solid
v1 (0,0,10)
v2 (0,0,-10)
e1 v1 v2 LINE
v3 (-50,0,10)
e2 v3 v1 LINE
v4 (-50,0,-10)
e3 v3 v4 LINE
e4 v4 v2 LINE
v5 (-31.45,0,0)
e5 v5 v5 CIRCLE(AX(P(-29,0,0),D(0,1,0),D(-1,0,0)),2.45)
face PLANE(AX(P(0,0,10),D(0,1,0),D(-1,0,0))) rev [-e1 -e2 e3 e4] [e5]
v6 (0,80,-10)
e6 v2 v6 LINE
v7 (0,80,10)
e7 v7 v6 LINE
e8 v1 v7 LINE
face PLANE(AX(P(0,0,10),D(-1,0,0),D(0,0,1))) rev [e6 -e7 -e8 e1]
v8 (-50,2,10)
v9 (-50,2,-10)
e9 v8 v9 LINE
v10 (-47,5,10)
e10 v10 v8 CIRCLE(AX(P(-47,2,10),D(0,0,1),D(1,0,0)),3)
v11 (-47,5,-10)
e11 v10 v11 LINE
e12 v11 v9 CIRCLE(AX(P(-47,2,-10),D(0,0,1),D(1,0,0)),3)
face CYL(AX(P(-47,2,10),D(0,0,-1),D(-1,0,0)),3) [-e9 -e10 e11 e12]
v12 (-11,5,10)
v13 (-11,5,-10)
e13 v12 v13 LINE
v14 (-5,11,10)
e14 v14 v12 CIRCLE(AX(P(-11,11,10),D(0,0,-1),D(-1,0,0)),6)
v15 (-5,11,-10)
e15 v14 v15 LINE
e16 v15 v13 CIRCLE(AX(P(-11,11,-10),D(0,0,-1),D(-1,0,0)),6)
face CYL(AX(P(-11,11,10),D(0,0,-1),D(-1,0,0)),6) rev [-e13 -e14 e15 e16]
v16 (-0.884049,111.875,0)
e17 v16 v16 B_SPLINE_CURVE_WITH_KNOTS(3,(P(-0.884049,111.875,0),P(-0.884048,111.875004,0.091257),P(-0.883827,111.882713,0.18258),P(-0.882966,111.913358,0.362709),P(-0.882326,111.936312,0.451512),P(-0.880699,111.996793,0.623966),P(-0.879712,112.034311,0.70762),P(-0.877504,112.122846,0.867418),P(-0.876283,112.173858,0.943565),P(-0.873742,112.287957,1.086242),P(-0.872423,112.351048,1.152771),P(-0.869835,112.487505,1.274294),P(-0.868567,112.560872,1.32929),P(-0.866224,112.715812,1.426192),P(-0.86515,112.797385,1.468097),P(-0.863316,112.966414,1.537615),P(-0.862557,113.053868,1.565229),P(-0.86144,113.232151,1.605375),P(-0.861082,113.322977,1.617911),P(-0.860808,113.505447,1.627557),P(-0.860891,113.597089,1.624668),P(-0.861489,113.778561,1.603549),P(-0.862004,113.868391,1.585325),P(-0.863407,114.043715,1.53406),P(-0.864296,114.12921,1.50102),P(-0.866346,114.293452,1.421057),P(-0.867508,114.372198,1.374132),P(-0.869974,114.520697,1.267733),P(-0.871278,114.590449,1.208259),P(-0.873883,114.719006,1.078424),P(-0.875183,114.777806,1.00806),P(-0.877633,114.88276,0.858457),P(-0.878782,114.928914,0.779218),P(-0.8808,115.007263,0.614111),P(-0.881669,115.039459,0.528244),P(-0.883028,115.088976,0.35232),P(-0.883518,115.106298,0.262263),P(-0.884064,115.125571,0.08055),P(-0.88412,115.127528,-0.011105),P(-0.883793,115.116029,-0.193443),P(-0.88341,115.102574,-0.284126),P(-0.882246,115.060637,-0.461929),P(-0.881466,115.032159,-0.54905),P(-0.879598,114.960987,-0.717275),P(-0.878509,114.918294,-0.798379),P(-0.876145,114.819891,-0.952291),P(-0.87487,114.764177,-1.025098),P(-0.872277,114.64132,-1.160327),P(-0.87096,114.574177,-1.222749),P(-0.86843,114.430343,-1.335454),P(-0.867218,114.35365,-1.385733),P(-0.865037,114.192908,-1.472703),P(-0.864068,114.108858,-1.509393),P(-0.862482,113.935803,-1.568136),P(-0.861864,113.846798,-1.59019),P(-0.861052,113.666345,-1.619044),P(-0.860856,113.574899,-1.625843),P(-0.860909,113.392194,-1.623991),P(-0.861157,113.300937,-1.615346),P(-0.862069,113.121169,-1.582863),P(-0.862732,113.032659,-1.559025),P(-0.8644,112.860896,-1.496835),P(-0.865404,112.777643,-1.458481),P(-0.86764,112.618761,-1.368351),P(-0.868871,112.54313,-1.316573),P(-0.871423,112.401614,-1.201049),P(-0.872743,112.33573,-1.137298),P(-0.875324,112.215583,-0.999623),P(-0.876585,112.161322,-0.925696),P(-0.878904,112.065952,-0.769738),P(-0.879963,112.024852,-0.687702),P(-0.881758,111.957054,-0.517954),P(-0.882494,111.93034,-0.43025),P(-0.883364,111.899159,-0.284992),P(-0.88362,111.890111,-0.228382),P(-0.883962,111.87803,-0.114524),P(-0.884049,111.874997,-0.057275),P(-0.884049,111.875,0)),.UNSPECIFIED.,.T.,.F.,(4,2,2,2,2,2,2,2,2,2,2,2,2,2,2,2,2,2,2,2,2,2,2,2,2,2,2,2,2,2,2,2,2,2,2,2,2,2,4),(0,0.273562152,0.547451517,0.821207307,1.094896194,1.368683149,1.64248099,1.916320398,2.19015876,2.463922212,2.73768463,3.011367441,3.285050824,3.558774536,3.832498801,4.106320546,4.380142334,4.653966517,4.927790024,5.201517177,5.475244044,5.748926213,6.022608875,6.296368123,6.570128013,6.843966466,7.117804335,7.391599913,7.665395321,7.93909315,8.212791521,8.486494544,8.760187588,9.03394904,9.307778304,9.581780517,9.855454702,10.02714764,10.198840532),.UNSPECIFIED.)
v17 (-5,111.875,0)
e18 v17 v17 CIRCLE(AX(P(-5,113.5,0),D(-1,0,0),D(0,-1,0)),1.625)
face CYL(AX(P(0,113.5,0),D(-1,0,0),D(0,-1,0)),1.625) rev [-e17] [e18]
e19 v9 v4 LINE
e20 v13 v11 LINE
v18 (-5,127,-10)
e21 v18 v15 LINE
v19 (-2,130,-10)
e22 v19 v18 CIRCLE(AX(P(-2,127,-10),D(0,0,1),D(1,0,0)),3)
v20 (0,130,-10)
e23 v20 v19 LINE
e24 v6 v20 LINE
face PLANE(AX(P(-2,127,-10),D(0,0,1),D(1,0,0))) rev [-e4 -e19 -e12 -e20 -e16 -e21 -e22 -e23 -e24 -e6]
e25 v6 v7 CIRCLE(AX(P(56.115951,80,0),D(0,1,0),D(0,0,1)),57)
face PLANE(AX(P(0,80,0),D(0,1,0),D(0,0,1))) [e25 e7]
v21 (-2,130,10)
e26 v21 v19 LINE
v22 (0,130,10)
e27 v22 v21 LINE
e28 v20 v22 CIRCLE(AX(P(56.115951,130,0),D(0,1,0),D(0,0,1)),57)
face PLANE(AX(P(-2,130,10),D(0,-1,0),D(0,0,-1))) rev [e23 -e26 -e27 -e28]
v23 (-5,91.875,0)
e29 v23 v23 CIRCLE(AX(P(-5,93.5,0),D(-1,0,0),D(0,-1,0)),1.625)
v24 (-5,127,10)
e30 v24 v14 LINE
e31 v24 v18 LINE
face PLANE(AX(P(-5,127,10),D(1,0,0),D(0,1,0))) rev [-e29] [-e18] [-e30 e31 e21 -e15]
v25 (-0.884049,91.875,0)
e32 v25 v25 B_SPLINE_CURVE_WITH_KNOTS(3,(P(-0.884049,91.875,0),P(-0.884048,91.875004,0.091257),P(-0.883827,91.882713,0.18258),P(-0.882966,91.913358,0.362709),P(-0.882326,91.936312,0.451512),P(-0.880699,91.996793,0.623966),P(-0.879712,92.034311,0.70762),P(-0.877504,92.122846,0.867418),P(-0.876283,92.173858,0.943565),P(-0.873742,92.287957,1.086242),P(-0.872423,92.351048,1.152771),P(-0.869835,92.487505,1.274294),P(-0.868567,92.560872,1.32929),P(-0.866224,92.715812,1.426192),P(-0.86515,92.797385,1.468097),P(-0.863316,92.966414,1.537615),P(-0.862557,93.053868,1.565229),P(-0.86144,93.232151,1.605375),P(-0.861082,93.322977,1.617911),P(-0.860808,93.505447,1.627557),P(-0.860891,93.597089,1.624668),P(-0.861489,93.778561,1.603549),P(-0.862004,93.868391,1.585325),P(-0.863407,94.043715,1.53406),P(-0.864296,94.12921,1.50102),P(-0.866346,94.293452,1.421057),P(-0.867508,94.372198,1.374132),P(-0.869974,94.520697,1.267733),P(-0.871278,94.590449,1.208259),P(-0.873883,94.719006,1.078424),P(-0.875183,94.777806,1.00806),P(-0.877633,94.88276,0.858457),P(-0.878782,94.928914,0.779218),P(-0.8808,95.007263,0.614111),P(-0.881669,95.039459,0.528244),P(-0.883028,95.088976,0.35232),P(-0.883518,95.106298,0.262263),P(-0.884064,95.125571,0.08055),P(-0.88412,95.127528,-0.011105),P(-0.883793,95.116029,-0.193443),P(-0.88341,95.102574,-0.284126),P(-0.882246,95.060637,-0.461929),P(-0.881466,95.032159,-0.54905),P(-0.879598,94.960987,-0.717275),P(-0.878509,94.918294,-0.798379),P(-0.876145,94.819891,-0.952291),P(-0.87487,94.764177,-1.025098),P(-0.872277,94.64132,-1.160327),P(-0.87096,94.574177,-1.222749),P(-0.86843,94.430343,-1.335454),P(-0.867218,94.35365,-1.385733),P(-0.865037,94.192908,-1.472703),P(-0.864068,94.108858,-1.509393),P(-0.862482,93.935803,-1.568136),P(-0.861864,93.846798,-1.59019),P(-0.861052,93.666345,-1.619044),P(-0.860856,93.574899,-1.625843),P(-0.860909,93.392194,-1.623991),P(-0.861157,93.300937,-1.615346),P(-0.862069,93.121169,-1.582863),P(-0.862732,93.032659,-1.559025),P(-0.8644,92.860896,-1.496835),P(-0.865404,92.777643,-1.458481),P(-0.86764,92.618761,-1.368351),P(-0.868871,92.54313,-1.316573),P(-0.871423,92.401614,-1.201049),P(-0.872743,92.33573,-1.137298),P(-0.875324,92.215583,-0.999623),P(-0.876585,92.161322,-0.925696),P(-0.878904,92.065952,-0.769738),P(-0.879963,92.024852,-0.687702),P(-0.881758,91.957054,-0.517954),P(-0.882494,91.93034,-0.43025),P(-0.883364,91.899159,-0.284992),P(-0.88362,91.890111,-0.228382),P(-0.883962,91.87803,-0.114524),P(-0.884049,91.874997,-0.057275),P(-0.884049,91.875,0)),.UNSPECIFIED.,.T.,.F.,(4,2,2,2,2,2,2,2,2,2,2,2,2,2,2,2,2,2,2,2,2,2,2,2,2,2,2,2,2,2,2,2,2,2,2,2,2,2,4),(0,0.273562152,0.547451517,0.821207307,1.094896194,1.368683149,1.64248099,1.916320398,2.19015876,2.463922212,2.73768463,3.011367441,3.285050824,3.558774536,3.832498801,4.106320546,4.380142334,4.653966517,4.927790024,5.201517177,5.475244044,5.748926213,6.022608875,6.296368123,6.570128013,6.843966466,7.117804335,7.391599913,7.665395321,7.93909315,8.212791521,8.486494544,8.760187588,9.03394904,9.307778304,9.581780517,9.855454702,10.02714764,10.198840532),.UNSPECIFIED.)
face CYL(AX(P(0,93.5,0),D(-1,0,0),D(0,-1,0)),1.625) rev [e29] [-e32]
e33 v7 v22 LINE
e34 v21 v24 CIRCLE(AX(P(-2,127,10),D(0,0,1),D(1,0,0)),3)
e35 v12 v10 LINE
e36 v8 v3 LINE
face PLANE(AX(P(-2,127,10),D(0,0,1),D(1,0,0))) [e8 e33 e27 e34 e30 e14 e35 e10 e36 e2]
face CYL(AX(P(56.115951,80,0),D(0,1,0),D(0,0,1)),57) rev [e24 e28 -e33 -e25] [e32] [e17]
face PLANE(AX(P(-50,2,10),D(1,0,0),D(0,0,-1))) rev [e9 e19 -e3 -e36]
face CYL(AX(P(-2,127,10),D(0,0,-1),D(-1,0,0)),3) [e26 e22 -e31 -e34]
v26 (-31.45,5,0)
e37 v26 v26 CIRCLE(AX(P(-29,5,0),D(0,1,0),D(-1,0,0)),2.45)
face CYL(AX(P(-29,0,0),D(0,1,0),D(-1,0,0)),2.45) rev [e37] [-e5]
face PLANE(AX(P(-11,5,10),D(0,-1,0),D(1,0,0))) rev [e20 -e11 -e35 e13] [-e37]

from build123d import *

# Parameters (mm, degrees)
BOSS_EXTRUDE1_DEPTH = 10
CUT_EXTRUDE1_DEPTH  = 50
SKETCH3_R           = 1.625
CUT_EXTRUDE2_DEPTH  = 6
SKETCH8_R           = 2.45
CUT_EXTRUDE3_DEPTH  = 6


with BuildPart() as part:
    # Sketch1 → Boss-Extrude1 (new body, symmetric)
    with BuildSketch(Plane.XY):
        with BuildLine():
            Line((0, 0), (0, 130))
            Line((0, 130), (-2, 130))
            ThreePointArc((-2, 130), (-4.121320344, 129.121320344), (-5, 127))
            Line((-5, 127), (-5, 11))
            ThreePointArc((-5, 11), (-6.757359313, 6.757359313), (-11, 5))
            Line((-11, 5), (-47, 5))
            ThreePointArc((-47, 5), (-49.121320344, 4.121320344), (-50, 2))
            Line((-50, 2), (-50, 0))
            Line((-50, 0), (0, 0))
        make_face()
    extrude(amount=BOSS_EXTRUDE1_DEPTH, both=True)

    # Sketch2 → Cut-Extrude1 (cut)
    with BuildSketch(Plane(origin=(0, 130, 0), x_dir=(1, 0, 0), z_dir=(0, 1, 0))):
        with BuildLine():
            ThreePointArc((0, 10), (-0.884048614, 0), (0, -10))
            Line((0, -10), (0, 10))
        make_face()
        with BuildLine():
            Line((0, 10), (0, -10))
            ThreePointArc((0, -10), (61.135451908, -56.7785577), (113.115951386, 0))
            ThreePointArc((113.115951386, 0), (61.135451908, 56.7785577), (0, 10))
        make_face()
    extrude(amount=-CUT_EXTRUDE1_DEPTH, mode=Mode.SUBTRACT)

    # Sketch3 → Cut-Extrude2 (cut, through all)
    with BuildSketch(Plane.ZY.offset(5)):
        with Locations((0, 93.5)):
            Circle(SKETCH3_R)
        with Locations((0, 113.5)):
            Circle(SKETCH3_R)
    extrude(amount=-CUT_EXTRUDE2_DEPTH, mode=Mode.SUBTRACT)

    # Sketch8 → Cut-Extrude3 (cut, through all)
    with BuildSketch(Plane(origin=(0, 5, 0), x_dir=(1, 0, 0), z_dir=(0, 1, 0))):
        with Locations((-29, 0)):
            Circle(SKETCH8_R)
    extrude(amount=-CUT_EXTRUDE3_DEPTH, mode=Mode.SUBTRACT)


solid = part.part
